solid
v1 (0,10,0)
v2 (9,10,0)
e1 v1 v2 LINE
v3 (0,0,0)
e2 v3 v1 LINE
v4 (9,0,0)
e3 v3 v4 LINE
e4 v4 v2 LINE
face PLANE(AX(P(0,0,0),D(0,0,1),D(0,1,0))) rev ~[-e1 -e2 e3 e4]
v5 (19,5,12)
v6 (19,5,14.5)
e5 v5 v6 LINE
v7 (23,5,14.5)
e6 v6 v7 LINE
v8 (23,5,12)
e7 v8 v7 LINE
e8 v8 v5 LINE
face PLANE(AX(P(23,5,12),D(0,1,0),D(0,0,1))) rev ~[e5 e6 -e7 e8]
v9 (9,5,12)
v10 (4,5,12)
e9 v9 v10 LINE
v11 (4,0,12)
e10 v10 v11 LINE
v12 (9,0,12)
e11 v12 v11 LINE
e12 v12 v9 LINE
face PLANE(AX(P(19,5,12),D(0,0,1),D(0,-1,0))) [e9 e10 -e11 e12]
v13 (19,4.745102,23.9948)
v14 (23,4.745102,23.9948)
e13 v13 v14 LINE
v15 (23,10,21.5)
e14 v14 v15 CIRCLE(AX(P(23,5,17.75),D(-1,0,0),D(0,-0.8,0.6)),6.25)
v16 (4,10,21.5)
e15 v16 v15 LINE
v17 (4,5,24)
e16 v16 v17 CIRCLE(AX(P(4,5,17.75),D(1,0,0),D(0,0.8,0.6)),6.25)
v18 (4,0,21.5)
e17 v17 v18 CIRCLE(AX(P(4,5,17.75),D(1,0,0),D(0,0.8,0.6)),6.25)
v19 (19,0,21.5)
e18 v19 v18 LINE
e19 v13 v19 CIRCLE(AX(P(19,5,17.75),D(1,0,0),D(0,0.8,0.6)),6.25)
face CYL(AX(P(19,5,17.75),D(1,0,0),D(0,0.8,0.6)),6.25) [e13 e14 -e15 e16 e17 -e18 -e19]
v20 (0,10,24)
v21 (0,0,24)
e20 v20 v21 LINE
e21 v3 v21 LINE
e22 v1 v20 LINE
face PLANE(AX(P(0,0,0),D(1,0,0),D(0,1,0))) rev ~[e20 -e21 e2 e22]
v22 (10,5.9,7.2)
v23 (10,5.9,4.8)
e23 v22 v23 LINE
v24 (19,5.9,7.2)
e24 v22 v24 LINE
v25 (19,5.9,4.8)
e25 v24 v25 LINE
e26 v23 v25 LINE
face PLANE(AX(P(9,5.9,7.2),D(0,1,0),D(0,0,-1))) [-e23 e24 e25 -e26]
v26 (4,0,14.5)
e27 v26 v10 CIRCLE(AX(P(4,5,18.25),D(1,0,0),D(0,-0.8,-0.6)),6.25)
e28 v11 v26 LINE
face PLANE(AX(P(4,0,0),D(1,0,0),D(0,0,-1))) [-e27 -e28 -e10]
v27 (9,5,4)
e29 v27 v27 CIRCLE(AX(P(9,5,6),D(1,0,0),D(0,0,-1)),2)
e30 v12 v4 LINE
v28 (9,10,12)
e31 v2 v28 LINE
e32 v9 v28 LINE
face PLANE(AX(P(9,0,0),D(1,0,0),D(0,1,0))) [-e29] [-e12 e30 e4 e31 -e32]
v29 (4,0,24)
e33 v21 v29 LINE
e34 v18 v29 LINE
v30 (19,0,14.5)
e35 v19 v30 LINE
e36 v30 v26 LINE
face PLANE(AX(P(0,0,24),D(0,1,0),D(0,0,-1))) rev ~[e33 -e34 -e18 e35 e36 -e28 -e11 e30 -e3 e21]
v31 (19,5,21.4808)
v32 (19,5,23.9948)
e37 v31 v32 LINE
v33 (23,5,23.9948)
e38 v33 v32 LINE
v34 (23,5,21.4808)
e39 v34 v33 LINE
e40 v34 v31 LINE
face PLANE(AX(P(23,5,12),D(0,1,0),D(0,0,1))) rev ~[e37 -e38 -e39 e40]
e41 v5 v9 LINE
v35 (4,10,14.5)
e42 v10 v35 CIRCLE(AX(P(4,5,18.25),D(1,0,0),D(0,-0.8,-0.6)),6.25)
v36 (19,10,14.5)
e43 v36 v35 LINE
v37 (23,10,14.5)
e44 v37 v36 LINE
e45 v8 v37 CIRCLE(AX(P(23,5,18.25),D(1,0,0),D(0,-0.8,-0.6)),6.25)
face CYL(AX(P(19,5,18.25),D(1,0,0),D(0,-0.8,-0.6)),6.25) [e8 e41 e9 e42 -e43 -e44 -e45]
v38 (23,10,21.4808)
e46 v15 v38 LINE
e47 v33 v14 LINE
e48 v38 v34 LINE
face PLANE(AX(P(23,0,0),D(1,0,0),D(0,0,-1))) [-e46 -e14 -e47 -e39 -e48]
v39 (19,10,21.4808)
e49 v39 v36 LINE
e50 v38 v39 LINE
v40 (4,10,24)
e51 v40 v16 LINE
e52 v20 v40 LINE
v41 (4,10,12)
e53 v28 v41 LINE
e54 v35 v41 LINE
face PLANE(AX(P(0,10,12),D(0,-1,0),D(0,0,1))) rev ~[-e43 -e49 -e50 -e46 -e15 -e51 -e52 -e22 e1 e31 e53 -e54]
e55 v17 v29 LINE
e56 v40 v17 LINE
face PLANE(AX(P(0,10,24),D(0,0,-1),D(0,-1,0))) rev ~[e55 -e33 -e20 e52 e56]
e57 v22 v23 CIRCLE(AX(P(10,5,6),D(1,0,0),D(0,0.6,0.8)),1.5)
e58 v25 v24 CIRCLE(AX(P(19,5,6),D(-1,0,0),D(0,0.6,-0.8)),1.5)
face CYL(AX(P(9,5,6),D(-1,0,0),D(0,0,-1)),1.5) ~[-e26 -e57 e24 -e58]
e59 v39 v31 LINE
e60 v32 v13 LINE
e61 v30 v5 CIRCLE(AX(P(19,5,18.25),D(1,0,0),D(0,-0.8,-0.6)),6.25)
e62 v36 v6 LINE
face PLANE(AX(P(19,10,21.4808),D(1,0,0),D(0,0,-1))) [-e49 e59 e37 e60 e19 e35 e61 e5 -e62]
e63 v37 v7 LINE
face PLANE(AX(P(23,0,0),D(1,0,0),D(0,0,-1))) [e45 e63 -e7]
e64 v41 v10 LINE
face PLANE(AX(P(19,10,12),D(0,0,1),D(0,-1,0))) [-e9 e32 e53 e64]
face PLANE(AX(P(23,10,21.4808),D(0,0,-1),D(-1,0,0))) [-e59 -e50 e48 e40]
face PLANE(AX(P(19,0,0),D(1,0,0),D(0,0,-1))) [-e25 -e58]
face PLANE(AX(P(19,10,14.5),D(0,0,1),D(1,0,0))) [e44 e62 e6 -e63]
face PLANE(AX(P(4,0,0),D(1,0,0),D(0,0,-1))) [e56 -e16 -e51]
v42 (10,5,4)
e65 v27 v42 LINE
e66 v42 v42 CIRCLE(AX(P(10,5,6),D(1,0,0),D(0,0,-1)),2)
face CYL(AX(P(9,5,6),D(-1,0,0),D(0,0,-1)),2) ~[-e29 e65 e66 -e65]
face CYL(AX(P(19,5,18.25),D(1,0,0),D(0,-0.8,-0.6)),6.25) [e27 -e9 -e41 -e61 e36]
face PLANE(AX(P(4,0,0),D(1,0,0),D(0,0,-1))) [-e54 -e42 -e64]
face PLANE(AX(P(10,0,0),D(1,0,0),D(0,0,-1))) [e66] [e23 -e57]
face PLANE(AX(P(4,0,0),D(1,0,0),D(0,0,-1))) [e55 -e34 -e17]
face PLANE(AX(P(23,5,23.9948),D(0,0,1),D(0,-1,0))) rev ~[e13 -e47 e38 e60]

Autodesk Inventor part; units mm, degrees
ref_plane "YZ Plane" through (0, 0, 0) normal (1, 0, 0) x (0, 1, 0)
ref_plane "XZ Plane" through (0, 0, 0) normal (0, 1, 0) x (-1, 0, 0)
ref_plane "XY Plane" through (0, 0, 0) normal (0, 0, 1) x (1, 0, 0)
sketch "Sketch1" plane through (0, 0, 0) normal (1, 0, 0) x (0, 1, 0)
  line L0 (10, 24) -> (0, 24)
  line L1 (0, 24) -> (0, 0)
  line L2 (0, 0) -> (10, 0)
  line L3 (10, 0) -> (10, 24)
  line L4 (10, 24) -> (0, 24)
  line L5 (0, 24) -> (0, 12)
  line L6 (0, 12) -> (10, 12)
  line L7 (10, 12) -> (10, 24)
  dimension "d0" = 24
  dimension "d1" = 10
  dimension "d2" = 12
extrude "Extrusion1" add sketch "Sketch1" along normal blind 19 contours L3 L6 L1 L0
extrude "Extrusion2" add sketch "Sketch1" along normal blind 9 contours L3 L2 L1 L6
sketch "Sketch2" plane through (9, 0, 0) normal (1, 0, 0) x (0, 0, -1)
  circle A0 centre (-6, 5) radius 2
  line L0 (0, 10) -> (-12, 10) projected
  line L1 (0, 0) -> (0, 10) projected
  circle A1 centre (-6, 5) radius 1.5
  line L2 (-7.2, 5.9) -> (-4.8, 5.9)
  dimension "d7" = 4
  dimension "d8" = 5
  dimension "d9" = 6
  dimension "d10" = 3
  dimension "d11" = 2.4
extrude "Extrusion3" add sketch "Sketch2" along normal blind 1
extrude "Extrusion4" add sketch "Sketch2" along normal blind 10 contours A1 L2 picked at (-5.5775, 4.8311)
extrude "Extrusion5" add sketch "Sketch2" along normal blind 1 contours L2 A1 picked at (-5.6796, 5.9839)
sketch "Sketch3" plane through (19, 0, 0) normal (1, 0, 0) x (0, 0, -1)
  line L0 (-24, 10) -> (-24, 0) projected
  line L1 (-24, 10) -> (-12, 10)
  line L2 (-12, 10) -> (-12, 0)
  line L3 (-12, 0) -> (-24, 0)
  line L4 (-24, 0) -> (-24, 10)
  line L5 (-12, 10) -> (-24, 10) projected
  line L6 (-24, 0) -> (-12, 0) projected
  line L7 (-21.5, 10) -> (-14.5, 10)
  line L8 (-14.5, 10) -> (-14.5, 0)
  line L9 (-14.5, 0) -> (-21.5, 0)
  line L10 (-21.5, 0) -> (-21.5, 10)
  arc A0 (-21.5, 10) -> (-21.5, 0) centre (-17.75, 5) ccw
  arc A1 (-14.5, 0) -> (-14.5, 10) centre (-18.25, 5) ccw
  point P0 (0, 0)
  dimension "d18" = 2.5
  dimension "d19" = 2.5
  dimension "d20" = 7
extrude "Extrusion6" cut sketch "Sketch3" against normal blind 15 contours L1 A0 L0 | A0 L3 L0
extrude "Extrusion7" cut sketch "Sketch3" against normal blind 15 contours L1 L2 A1 | A1 L2 L3
extrude "Extrusion8" add sketch "Sketch3" along normal blind 4 contours A0 L10 | L1 L8 L3 L10 | A1 L8
sketch "Sketch4" plane through (23, 0, 0) normal (1, 0, 0) x (0, 0, -1)
  line L0 (-12, 5) -> (-12, 0) projected
  line L1 (-23.9948, 0) -> (-12, 0)
  line L2 (-12, 0) -> (-12, 5)
  line L3 (-12, 5) -> (-23.9948, 5)
  line L4 (-23.9948, 5) -> (-23.9948, 0)
  point P0 (0, 0)
extrude "Extrusion9" cut sketch "Sketch4" against normal blind 4
sketch "Sketch5" plane through (23, 0, 0) normal (1, 0, 0) x (0, 0, -1)
  point P0 (0, 0)
sketch "Sketch6" plane through (0, 10, 0) normal (0, 1, 0) x (1, 0, 0)
  line L0 (23, -23.9948) -> (23, -12) projected
  line L1 (19, -12) -> (19, -14.5) projected
  line L2 (23, -21.4808) -> (19, -21.4808)
  line L3 (19, -21.4808) -> (19, -14.5)
  line L4 (19, -14.5) -> (23, -14.5)
  line L5 (23, -14.5) -> (23, -21.4808)
  point P0 (0, 0)
extrude "Extrusion10" cut sketch "Sketch6" against normal blind 8
equation "\"d19\" = d18"
properties part number "motorcek"
